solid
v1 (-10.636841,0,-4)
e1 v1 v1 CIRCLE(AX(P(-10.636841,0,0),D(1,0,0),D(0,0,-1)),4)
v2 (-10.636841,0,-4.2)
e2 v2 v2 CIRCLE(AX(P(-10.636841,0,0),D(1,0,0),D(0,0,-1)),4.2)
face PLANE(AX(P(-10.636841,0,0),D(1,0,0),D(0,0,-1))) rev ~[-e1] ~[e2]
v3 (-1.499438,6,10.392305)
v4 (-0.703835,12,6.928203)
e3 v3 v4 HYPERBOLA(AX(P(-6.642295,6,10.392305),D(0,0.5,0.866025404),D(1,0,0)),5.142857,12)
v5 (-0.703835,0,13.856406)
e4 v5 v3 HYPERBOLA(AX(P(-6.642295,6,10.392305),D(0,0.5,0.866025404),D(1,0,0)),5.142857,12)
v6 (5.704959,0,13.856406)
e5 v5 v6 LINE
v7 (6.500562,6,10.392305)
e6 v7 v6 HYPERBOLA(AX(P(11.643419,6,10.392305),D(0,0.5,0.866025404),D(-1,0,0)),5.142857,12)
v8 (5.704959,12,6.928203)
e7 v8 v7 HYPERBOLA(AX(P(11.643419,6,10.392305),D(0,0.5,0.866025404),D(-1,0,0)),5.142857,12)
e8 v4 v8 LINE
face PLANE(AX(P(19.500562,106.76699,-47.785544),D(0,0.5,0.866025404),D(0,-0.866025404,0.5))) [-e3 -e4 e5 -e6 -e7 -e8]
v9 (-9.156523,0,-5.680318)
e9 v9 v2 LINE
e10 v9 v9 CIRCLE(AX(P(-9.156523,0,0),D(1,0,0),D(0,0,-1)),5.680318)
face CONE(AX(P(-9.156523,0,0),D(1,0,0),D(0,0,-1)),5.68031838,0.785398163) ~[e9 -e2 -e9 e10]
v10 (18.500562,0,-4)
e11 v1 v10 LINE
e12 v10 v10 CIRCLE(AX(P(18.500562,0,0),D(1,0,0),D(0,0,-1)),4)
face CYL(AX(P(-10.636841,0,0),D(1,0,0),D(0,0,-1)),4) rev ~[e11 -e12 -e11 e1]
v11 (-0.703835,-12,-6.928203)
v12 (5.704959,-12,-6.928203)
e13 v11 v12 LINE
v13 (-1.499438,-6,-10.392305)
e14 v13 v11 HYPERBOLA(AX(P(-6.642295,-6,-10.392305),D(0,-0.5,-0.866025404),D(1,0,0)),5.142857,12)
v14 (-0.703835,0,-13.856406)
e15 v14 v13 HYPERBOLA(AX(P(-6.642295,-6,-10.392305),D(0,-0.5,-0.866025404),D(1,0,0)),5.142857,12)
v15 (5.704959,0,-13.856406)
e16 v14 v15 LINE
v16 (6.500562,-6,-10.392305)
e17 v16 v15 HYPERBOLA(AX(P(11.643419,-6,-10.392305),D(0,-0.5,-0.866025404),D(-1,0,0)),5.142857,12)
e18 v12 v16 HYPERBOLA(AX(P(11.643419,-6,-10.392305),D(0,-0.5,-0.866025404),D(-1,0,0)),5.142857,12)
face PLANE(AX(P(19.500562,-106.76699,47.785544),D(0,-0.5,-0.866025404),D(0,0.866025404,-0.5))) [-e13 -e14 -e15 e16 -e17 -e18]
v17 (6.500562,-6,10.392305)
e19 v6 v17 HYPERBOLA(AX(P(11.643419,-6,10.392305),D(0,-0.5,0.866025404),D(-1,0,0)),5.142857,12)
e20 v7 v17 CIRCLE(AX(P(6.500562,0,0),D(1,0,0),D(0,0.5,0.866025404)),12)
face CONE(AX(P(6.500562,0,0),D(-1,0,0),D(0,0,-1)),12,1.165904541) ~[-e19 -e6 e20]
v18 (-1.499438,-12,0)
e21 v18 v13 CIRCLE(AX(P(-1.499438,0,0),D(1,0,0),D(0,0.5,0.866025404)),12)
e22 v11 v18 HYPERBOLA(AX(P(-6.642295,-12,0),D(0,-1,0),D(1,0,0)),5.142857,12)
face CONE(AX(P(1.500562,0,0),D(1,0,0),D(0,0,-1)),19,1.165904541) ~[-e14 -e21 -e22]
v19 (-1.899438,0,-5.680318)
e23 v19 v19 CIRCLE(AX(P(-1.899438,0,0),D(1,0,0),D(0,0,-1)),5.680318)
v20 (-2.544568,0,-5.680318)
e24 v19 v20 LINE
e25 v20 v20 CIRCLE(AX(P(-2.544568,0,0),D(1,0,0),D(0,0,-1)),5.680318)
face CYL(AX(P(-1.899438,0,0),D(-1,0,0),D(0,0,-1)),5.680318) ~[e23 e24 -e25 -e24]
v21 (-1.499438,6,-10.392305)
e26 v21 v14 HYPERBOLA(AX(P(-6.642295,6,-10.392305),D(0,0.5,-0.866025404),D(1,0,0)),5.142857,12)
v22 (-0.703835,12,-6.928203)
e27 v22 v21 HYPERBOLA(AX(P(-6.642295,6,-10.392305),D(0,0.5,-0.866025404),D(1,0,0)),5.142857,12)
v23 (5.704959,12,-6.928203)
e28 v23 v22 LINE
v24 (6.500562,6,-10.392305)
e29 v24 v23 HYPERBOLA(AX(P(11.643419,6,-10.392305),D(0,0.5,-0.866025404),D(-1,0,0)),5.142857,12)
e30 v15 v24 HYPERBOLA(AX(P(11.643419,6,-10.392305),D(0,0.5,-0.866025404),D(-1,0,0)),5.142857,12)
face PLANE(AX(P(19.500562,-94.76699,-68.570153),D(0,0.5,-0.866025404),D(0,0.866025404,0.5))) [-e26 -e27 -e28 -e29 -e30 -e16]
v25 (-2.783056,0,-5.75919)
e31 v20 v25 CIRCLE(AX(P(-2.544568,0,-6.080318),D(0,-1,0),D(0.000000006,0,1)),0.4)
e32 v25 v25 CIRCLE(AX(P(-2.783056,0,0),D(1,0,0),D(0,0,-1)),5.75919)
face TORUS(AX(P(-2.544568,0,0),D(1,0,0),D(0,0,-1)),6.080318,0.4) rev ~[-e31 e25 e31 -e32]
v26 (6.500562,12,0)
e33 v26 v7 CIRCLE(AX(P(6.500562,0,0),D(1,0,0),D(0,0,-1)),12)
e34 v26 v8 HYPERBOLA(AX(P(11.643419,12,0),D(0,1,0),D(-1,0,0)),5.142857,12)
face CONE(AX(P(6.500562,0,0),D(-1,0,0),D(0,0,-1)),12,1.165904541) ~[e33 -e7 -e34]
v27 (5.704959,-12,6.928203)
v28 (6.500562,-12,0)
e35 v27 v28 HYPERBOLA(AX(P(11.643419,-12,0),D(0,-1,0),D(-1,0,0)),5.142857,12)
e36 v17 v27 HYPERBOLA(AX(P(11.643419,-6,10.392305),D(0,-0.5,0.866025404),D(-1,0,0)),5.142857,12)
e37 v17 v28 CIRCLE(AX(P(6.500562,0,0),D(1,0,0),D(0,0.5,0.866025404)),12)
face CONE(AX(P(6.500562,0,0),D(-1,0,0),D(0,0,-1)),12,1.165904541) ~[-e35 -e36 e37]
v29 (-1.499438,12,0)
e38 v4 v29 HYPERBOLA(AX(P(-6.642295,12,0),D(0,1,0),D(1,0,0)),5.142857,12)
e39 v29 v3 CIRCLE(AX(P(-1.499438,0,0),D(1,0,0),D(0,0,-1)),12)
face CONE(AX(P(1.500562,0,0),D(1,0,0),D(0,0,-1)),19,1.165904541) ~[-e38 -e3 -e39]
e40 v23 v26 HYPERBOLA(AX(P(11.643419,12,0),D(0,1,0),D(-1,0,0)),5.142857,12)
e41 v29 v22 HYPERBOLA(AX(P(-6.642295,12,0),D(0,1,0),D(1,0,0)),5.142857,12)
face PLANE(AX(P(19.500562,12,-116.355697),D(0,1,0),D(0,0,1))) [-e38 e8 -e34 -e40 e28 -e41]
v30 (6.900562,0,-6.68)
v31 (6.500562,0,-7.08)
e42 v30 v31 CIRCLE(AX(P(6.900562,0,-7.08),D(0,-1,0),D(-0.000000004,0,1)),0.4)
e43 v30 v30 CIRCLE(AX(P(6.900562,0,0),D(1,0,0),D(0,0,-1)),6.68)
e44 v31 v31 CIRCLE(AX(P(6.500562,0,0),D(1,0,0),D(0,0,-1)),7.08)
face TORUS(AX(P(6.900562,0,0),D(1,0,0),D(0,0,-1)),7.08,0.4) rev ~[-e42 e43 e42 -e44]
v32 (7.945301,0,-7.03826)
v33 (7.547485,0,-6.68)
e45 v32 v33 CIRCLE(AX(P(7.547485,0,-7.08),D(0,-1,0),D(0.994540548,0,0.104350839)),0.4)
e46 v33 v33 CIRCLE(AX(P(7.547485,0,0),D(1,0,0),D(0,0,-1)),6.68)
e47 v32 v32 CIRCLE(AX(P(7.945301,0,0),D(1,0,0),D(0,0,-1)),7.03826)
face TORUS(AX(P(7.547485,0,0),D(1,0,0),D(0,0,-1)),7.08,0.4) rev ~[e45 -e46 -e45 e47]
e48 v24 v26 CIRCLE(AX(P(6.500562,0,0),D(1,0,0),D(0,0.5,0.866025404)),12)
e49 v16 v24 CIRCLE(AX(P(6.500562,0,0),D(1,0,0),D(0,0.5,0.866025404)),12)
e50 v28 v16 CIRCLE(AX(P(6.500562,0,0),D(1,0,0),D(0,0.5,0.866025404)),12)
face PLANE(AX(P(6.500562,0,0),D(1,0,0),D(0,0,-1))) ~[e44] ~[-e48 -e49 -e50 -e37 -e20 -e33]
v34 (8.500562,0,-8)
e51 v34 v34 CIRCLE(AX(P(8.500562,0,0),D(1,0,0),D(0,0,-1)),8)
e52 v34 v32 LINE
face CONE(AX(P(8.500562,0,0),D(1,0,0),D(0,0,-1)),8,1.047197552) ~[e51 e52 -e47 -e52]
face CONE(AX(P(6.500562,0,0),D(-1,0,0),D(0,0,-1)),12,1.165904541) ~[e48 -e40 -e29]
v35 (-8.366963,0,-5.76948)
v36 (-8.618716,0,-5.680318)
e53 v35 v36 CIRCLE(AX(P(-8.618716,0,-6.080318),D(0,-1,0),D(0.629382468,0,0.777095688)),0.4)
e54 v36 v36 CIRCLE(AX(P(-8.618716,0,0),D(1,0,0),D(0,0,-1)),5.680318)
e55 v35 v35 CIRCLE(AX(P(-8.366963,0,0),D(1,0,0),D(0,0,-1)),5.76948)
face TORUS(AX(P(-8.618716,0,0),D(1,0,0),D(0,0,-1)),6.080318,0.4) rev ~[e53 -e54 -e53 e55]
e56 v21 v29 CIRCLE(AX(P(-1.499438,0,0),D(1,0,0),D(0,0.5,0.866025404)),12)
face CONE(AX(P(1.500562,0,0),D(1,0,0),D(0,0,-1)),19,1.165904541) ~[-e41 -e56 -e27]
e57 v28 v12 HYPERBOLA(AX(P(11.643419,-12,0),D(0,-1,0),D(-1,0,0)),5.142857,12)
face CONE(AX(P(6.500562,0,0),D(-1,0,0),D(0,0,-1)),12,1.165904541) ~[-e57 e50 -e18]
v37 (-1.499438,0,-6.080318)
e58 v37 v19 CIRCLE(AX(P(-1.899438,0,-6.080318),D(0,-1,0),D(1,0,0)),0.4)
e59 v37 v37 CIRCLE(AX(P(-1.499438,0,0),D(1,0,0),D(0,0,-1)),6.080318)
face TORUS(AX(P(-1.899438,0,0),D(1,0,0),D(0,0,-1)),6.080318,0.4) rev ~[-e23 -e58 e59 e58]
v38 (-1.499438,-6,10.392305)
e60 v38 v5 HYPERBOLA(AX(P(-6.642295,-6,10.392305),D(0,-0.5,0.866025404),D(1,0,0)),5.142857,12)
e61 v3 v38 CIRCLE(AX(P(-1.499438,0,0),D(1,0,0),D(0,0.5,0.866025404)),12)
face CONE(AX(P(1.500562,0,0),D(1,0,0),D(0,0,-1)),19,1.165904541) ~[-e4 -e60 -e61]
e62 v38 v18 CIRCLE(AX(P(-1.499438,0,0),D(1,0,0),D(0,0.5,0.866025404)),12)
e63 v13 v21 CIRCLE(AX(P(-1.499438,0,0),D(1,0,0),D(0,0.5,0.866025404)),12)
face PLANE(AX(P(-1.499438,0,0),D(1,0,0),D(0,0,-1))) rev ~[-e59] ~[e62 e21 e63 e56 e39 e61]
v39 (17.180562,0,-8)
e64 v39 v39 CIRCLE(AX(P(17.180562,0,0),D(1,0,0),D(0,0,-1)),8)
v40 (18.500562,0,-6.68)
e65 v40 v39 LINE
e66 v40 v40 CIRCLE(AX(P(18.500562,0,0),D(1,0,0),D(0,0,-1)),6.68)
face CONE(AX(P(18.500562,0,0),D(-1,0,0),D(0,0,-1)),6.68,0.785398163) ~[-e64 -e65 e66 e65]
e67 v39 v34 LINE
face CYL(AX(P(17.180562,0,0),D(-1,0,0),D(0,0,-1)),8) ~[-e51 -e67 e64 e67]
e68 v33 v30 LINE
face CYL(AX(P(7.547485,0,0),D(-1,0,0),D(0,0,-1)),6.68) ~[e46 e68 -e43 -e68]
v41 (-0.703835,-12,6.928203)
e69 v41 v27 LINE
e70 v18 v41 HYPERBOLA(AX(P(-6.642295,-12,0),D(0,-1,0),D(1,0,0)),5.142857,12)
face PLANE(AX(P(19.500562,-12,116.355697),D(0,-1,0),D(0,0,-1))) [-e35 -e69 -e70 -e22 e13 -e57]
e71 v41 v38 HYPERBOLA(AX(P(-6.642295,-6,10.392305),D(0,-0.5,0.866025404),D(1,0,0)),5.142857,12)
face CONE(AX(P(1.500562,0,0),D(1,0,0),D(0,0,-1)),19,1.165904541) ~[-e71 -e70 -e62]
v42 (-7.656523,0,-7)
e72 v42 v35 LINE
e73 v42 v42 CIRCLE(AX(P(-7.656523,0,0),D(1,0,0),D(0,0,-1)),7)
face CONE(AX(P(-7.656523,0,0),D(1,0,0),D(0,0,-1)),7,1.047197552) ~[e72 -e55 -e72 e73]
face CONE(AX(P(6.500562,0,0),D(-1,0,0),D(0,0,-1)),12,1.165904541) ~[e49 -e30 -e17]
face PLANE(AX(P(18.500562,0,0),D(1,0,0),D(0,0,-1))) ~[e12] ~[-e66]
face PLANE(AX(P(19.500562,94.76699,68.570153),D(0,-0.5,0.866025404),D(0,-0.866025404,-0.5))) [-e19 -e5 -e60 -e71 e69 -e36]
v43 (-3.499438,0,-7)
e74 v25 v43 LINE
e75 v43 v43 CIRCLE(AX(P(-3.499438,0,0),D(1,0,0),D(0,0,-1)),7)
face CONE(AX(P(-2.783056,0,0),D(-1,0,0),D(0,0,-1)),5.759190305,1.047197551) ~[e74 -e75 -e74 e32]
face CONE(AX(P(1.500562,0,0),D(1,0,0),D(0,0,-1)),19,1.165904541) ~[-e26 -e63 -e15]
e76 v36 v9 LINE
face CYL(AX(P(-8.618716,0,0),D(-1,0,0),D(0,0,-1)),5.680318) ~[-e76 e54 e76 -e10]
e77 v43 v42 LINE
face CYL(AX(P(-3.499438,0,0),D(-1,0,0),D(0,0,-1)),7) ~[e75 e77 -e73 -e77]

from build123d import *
from build123d.topology import SkipClean

# Parameters (mm, degrees)
CUT_EXTRUDE1_DEPTH = 34.496268449
CIRPATTERN1_COUNT  = 6


with BuildPart() as part:
    # Sketch1 → Revolve1 (revolve)
    with BuildSketch(Plane(origin=(0, 0, 0), x_dir=(1, 0, 0), z_dir=(0, 1, 0))):
        with BuildLine():
            Line((6.500562053, 7.08), (6.500562053, 12))
            Line((6.500562053, 12), (3.500562053, 19))
            Line((3.500562053, 19), (1.500562053, 19))
            Line((1.500562053, 19), (-1.499437947, 12))
            Line((-1.499437947, 12), (-1.499437947, 6.08031838))
            ThreePointArc((-1.499437947, 6.08031838), (-1.616595234, 5.797475668), (-1.899437947, 5.68031838))
            Line((-1.899437947, 5.68031838), (-2.544567646, 5.68031838))
            ThreePointArc((-2.544567646, 5.68031838), (-2.670163765, 5.700547903), (-2.783056135, 5.759190305))
            Line((-2.783056135, 5.759190305), (-3.499437947, 7))
            Line((-3.499437947, 7), (-7.656522503, 7))
            Line((-7.656522503, 7), (-8.366963495, 5.769480105))
            ThreePointArc((-8.366963495, 5.769480105), (-8.485178679, 5.703267117), (-8.618716483, 5.68031838))
            Line((-8.618716483, 5.68031838), (-9.156522503, 5.68031838))
            Line((-9.156522503, 5.68031838), (-10.636840883, 4.2))
            Line((-10.636840883, 4.2), (-10.636840883, 4))
            Line((-10.636840883, 4), (18.500562053, 4))
            Line((18.500562053, 4), (18.500562053, 6.68))
            Line((18.500562053, 6.68), (17.180562053, 8))
            Line((17.180562053, 8), (8.500562053, 8))
            Line((8.500562053, 8), (7.945301013, 7.038259666))
            ThreePointArc((7.945301013, 7.038259666), (7.81516358, 6.782765973), (7.547484793, 6.68))
            Line((7.547484793, 6.68), (6.900562053, 6.68))
            ThreePointArc((6.900562053, 6.68), (6.617719341, 6.797157288), (6.500562053, 7.08))
        make_face()
    revolve(axis=Axis((-84.410714624, 0, 0), (1, 0, 0)))

    # Sketch2 → Cut-Extrude1 (cut, symmetric)
    with SkipClean():  # the faces are left unmerged after this step: merging them gives an invalid solid
        with BuildSketch(Plane.ZY.offset(1.499437947)):
            Polygon((-116.355697184, 12), (-14.730919863, 12), (14.730919863, 12), (116.355697184, 12), (116.355697184, 215.249554642), (-116.355697184, 215.249554642), align=None)
        cut_extrude1 = extrude(amount=CUT_EXTRUDE1_DEPTH, both=True, mode=Mode.SUBTRACT)

    # CirPattern1: Cut-Extrude1 ×6 about axis
    cirpattern1_axis = Axis((-84.410714624, 0, 0), (1, 0, 0))
    for i in range(1, CIRPATTERN1_COUNT):
        add(cut_extrude1.rotate(cirpattern1_axis, i * 360 / CIRPATTERN1_COUNT), mode=Mode.SUBTRACT)


solid = part.part
